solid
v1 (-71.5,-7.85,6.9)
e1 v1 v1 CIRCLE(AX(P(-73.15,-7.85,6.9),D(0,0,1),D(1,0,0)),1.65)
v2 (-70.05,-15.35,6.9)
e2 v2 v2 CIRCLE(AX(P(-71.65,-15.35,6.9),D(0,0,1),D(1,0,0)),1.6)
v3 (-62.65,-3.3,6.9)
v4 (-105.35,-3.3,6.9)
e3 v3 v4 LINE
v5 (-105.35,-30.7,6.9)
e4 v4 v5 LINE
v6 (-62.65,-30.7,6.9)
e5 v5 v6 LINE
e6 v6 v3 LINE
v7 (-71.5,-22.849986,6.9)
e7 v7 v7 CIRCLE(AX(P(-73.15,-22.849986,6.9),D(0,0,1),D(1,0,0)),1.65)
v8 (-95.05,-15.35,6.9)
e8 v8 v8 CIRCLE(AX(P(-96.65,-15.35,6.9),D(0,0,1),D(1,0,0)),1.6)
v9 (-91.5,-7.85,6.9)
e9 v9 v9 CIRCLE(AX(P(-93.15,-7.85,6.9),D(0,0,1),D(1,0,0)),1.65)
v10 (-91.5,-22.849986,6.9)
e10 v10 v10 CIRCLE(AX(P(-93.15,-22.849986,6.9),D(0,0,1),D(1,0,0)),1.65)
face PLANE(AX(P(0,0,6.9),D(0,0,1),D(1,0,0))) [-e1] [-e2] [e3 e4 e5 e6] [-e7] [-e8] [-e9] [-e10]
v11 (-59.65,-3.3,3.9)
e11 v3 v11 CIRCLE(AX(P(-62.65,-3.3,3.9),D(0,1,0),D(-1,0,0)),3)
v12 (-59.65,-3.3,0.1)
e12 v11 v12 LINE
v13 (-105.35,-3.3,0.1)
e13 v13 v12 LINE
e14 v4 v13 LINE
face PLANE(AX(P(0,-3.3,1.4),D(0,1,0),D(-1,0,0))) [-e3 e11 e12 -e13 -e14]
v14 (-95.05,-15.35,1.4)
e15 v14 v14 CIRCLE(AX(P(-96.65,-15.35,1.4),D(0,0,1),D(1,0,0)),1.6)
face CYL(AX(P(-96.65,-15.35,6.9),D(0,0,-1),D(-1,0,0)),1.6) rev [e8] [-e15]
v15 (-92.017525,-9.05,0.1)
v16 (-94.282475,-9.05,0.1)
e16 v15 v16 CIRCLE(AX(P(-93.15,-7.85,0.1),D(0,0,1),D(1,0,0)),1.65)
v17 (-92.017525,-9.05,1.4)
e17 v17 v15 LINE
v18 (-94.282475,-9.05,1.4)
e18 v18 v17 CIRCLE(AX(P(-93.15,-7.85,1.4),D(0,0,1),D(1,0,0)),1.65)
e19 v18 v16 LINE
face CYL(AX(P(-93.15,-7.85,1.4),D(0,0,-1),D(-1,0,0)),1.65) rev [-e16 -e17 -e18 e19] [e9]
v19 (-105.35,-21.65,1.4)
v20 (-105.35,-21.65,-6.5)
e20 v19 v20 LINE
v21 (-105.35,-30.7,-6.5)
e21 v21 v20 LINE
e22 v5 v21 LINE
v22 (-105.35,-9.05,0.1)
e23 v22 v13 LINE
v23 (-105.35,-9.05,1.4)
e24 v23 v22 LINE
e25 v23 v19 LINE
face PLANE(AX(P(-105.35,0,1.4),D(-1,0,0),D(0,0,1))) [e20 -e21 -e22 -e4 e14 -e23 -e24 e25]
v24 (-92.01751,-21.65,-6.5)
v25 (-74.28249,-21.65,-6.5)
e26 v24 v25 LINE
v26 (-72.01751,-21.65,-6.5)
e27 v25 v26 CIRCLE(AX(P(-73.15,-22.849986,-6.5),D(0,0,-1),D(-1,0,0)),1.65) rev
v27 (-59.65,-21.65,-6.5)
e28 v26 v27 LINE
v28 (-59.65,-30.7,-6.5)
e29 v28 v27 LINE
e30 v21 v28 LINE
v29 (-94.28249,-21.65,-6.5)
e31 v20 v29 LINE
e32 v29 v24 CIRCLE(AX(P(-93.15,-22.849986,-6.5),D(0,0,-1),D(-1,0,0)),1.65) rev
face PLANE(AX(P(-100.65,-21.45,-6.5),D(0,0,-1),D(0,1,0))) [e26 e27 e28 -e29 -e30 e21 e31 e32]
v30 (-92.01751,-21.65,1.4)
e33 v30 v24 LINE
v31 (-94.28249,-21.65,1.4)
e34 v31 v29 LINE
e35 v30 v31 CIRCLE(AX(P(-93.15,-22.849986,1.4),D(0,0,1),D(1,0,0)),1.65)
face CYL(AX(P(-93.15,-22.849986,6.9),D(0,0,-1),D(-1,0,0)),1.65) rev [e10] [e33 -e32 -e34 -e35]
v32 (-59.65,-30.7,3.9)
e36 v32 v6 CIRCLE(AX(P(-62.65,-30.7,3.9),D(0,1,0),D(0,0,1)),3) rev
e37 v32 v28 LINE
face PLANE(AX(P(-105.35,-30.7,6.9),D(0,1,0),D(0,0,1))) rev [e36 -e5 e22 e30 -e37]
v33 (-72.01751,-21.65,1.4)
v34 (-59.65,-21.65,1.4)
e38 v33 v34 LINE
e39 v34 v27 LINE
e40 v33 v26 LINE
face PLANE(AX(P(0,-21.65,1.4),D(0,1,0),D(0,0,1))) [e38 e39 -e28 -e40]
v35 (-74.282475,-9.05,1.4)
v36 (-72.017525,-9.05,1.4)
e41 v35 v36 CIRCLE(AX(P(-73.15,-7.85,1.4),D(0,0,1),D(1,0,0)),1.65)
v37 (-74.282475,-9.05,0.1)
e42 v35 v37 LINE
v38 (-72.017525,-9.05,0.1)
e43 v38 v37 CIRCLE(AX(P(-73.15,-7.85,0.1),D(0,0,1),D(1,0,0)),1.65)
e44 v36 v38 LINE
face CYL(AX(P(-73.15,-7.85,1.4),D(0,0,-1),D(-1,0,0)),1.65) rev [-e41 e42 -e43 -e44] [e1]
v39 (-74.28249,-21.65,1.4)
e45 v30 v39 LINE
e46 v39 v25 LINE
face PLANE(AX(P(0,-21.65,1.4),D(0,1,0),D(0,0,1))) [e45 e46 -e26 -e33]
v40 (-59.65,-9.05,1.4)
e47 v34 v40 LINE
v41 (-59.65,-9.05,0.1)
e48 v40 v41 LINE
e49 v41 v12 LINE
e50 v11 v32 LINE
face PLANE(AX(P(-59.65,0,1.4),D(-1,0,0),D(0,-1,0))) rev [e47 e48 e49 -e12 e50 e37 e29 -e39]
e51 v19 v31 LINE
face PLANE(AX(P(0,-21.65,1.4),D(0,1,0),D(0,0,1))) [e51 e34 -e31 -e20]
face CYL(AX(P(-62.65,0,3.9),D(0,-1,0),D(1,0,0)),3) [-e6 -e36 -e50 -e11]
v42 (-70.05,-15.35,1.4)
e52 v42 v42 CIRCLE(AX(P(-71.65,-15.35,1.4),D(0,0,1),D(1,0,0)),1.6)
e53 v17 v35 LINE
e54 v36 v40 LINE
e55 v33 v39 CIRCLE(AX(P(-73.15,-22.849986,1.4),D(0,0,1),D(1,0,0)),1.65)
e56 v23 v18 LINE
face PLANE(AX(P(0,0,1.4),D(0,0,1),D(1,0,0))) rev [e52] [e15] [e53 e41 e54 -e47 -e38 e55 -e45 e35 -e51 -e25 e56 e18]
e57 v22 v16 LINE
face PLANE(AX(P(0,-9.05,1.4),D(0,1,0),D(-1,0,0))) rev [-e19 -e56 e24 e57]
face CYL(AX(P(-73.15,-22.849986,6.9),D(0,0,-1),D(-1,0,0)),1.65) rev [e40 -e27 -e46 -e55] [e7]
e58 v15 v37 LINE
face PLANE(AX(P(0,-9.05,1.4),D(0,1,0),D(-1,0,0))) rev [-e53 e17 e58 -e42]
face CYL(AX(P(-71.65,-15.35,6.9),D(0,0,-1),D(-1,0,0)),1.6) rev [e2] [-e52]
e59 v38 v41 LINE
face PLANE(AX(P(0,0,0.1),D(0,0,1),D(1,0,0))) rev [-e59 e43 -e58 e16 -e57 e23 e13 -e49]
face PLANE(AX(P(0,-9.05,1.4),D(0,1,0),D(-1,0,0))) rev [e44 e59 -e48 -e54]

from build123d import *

# Parameters (mm, degrees)
SALIENTE_EXTRUIR1_START      = 0.1
SALIENTE_EXTRUIR1_DEPTH      = 1.3
SALIENTE_EXTRUIR2_START      = 0.1
SALIENTE_EXTRUIR2_DEPTH      = 1.3
SALIENTE_EXTRUIR2_DEPTH_BACK = 6.6
CROQUIS2_W                   = 45.7
CROQUIS2_H                   = 27.4
CROQUIS2_R                   = 1.65
CROQUIS2_R_2                 = 1.6
SALIENTE_EXTRUIR3_DEPTH      = 5.5
REDONDEO1_R                  = 3


with BuildPart() as part:
    # Croquis1 → Saliente-Extruir1 (new body)
    with BuildSketch(Plane.XY.offset(SALIENTE_EXTRUIR1_START)):
        with BuildLine():
            Line((-105.35, -3.3), (-105.35, -9.05))
            Line((-105.35, -9.05), (-94.282475165, -9.05))
            ThreePointArc((-94.282475165, -9.05), (-93.803420224, -6.334895379), (-91.5, -7.85))
            ThreePointArc((-91.5, -7.85), (-91.634895379, -8.503420224), (-92.017524835, -9.05))
            Line((-92.017524835, -9.05), (-74.282475165, -9.05))
            ThreePointArc((-74.282475165, -9.05), (-73.803420224, -6.334895379), (-71.5, -7.85))
            ThreePointArc((-71.5, -7.85), (-71.634895379, -8.503420224), (-72.017524835, -9.05))
            Line((-72.017524835, -9.05), (-59.65, -9.05))
            Line((-59.65, -9.05), (-59.65, -3.3))
            Line((-59.65, -3.3), (-105.35, -3.3))
        make_face()
    extrude(amount=SALIENTE_EXTRUIR1_DEPTH)



with BuildPart() as body_2:
    # Croquis1<3> → Saliente-Extruir2 (new, two sides)
    with BuildSketch(Plane.XY.offset(SALIENTE_EXTRUIR2_START)) as saliente_extruir2_sk:
        with BuildLine():
            Line((-105.35, -21.65), (-105.35, -30.7))
            Line((-105.35, -30.7), (-59.65, -30.7))
            Line((-59.65, -30.7), (-59.65, -21.65))
            Line((-59.65, -21.65), (-72.017510495, -21.65))
            ThreePointArc((-72.017510495, -21.65), (-71.634891475, -22.196575296), (-71.5, -22.849986467))
            ThreePointArc((-71.5, -22.849986467), (-73.803411171, -24.365094992), (-74.282489505, -21.65))
            Line((-74.282489505, -21.65), (-92.017510495, -21.65))
            ThreePointArc((-92.017510495, -21.65), (-91.634891475, -22.196575296), (-91.5, -22.849986467))
            ThreePointArc((-91.5, -22.849986467), (-93.803411171, -24.365094992), (-94.282489505, -21.65))
            Line((-94.282489505, -21.65), (-105.35, -21.65))
        make_face()
    extrude(amount=SALIENTE_EXTRUIR2_DEPTH)
    extrude(saliente_extruir2_sk.sketch, amount=-SALIENTE_EXTRUIR2_DEPTH_BACK)


with BuildPart() as part_1:
    add(part.part)

    add(body_2.part)  # Saliente-Extruir3 merges body 2
    # Croquis2 → Saliente-Extruir3 (add)
    with BuildSketch(Plane.XY.offset(1.4)):
        with Locations((-82.5, -17)):
            Rectangle(CROQUIS2_W, CROQUIS2_H)
        with Locations(Location((-93.15, -7.85, 0), (0, 0, 226.658241773))):
            Circle(CROQUIS2_R, mode=Mode.SUBTRACT)
        with Locations(Location((-73.15, -7.85, 0), (0, 0, 226.658241773))):
            Circle(CROQUIS2_R, mode=Mode.SUBTRACT)
        with Locations(Location((-93.15, -22.849986467, 0), (0, 0, 133.342442907))):
            Circle(CROQUIS2_R, mode=Mode.SUBTRACT)
        with Locations(Location((-73.15, -22.849986467, 0), (0, 0, 133.342442907))):
            Circle(CROQUIS2_R, mode=Mode.SUBTRACT)
        with Locations((-96.65, -15.35)):
            Circle(CROQUIS2_R_2, mode=Mode.SUBTRACT)
        with Locations((-71.65, -15.35)):
            Circle(CROQUIS2_R_2, mode=Mode.SUBTRACT)
    extrude(amount=SALIENTE_EXTRUIR3_DEPTH)

    # Redondeo1
    redondeo1_edges = [part_1.edges().sort_by_distance(p)[0] for p in [
        (-59.65, -17, 6.9),
    ]]
    fillet(redondeo1_edges, radius=REDONDEO1_R)


solid = part_1.part
